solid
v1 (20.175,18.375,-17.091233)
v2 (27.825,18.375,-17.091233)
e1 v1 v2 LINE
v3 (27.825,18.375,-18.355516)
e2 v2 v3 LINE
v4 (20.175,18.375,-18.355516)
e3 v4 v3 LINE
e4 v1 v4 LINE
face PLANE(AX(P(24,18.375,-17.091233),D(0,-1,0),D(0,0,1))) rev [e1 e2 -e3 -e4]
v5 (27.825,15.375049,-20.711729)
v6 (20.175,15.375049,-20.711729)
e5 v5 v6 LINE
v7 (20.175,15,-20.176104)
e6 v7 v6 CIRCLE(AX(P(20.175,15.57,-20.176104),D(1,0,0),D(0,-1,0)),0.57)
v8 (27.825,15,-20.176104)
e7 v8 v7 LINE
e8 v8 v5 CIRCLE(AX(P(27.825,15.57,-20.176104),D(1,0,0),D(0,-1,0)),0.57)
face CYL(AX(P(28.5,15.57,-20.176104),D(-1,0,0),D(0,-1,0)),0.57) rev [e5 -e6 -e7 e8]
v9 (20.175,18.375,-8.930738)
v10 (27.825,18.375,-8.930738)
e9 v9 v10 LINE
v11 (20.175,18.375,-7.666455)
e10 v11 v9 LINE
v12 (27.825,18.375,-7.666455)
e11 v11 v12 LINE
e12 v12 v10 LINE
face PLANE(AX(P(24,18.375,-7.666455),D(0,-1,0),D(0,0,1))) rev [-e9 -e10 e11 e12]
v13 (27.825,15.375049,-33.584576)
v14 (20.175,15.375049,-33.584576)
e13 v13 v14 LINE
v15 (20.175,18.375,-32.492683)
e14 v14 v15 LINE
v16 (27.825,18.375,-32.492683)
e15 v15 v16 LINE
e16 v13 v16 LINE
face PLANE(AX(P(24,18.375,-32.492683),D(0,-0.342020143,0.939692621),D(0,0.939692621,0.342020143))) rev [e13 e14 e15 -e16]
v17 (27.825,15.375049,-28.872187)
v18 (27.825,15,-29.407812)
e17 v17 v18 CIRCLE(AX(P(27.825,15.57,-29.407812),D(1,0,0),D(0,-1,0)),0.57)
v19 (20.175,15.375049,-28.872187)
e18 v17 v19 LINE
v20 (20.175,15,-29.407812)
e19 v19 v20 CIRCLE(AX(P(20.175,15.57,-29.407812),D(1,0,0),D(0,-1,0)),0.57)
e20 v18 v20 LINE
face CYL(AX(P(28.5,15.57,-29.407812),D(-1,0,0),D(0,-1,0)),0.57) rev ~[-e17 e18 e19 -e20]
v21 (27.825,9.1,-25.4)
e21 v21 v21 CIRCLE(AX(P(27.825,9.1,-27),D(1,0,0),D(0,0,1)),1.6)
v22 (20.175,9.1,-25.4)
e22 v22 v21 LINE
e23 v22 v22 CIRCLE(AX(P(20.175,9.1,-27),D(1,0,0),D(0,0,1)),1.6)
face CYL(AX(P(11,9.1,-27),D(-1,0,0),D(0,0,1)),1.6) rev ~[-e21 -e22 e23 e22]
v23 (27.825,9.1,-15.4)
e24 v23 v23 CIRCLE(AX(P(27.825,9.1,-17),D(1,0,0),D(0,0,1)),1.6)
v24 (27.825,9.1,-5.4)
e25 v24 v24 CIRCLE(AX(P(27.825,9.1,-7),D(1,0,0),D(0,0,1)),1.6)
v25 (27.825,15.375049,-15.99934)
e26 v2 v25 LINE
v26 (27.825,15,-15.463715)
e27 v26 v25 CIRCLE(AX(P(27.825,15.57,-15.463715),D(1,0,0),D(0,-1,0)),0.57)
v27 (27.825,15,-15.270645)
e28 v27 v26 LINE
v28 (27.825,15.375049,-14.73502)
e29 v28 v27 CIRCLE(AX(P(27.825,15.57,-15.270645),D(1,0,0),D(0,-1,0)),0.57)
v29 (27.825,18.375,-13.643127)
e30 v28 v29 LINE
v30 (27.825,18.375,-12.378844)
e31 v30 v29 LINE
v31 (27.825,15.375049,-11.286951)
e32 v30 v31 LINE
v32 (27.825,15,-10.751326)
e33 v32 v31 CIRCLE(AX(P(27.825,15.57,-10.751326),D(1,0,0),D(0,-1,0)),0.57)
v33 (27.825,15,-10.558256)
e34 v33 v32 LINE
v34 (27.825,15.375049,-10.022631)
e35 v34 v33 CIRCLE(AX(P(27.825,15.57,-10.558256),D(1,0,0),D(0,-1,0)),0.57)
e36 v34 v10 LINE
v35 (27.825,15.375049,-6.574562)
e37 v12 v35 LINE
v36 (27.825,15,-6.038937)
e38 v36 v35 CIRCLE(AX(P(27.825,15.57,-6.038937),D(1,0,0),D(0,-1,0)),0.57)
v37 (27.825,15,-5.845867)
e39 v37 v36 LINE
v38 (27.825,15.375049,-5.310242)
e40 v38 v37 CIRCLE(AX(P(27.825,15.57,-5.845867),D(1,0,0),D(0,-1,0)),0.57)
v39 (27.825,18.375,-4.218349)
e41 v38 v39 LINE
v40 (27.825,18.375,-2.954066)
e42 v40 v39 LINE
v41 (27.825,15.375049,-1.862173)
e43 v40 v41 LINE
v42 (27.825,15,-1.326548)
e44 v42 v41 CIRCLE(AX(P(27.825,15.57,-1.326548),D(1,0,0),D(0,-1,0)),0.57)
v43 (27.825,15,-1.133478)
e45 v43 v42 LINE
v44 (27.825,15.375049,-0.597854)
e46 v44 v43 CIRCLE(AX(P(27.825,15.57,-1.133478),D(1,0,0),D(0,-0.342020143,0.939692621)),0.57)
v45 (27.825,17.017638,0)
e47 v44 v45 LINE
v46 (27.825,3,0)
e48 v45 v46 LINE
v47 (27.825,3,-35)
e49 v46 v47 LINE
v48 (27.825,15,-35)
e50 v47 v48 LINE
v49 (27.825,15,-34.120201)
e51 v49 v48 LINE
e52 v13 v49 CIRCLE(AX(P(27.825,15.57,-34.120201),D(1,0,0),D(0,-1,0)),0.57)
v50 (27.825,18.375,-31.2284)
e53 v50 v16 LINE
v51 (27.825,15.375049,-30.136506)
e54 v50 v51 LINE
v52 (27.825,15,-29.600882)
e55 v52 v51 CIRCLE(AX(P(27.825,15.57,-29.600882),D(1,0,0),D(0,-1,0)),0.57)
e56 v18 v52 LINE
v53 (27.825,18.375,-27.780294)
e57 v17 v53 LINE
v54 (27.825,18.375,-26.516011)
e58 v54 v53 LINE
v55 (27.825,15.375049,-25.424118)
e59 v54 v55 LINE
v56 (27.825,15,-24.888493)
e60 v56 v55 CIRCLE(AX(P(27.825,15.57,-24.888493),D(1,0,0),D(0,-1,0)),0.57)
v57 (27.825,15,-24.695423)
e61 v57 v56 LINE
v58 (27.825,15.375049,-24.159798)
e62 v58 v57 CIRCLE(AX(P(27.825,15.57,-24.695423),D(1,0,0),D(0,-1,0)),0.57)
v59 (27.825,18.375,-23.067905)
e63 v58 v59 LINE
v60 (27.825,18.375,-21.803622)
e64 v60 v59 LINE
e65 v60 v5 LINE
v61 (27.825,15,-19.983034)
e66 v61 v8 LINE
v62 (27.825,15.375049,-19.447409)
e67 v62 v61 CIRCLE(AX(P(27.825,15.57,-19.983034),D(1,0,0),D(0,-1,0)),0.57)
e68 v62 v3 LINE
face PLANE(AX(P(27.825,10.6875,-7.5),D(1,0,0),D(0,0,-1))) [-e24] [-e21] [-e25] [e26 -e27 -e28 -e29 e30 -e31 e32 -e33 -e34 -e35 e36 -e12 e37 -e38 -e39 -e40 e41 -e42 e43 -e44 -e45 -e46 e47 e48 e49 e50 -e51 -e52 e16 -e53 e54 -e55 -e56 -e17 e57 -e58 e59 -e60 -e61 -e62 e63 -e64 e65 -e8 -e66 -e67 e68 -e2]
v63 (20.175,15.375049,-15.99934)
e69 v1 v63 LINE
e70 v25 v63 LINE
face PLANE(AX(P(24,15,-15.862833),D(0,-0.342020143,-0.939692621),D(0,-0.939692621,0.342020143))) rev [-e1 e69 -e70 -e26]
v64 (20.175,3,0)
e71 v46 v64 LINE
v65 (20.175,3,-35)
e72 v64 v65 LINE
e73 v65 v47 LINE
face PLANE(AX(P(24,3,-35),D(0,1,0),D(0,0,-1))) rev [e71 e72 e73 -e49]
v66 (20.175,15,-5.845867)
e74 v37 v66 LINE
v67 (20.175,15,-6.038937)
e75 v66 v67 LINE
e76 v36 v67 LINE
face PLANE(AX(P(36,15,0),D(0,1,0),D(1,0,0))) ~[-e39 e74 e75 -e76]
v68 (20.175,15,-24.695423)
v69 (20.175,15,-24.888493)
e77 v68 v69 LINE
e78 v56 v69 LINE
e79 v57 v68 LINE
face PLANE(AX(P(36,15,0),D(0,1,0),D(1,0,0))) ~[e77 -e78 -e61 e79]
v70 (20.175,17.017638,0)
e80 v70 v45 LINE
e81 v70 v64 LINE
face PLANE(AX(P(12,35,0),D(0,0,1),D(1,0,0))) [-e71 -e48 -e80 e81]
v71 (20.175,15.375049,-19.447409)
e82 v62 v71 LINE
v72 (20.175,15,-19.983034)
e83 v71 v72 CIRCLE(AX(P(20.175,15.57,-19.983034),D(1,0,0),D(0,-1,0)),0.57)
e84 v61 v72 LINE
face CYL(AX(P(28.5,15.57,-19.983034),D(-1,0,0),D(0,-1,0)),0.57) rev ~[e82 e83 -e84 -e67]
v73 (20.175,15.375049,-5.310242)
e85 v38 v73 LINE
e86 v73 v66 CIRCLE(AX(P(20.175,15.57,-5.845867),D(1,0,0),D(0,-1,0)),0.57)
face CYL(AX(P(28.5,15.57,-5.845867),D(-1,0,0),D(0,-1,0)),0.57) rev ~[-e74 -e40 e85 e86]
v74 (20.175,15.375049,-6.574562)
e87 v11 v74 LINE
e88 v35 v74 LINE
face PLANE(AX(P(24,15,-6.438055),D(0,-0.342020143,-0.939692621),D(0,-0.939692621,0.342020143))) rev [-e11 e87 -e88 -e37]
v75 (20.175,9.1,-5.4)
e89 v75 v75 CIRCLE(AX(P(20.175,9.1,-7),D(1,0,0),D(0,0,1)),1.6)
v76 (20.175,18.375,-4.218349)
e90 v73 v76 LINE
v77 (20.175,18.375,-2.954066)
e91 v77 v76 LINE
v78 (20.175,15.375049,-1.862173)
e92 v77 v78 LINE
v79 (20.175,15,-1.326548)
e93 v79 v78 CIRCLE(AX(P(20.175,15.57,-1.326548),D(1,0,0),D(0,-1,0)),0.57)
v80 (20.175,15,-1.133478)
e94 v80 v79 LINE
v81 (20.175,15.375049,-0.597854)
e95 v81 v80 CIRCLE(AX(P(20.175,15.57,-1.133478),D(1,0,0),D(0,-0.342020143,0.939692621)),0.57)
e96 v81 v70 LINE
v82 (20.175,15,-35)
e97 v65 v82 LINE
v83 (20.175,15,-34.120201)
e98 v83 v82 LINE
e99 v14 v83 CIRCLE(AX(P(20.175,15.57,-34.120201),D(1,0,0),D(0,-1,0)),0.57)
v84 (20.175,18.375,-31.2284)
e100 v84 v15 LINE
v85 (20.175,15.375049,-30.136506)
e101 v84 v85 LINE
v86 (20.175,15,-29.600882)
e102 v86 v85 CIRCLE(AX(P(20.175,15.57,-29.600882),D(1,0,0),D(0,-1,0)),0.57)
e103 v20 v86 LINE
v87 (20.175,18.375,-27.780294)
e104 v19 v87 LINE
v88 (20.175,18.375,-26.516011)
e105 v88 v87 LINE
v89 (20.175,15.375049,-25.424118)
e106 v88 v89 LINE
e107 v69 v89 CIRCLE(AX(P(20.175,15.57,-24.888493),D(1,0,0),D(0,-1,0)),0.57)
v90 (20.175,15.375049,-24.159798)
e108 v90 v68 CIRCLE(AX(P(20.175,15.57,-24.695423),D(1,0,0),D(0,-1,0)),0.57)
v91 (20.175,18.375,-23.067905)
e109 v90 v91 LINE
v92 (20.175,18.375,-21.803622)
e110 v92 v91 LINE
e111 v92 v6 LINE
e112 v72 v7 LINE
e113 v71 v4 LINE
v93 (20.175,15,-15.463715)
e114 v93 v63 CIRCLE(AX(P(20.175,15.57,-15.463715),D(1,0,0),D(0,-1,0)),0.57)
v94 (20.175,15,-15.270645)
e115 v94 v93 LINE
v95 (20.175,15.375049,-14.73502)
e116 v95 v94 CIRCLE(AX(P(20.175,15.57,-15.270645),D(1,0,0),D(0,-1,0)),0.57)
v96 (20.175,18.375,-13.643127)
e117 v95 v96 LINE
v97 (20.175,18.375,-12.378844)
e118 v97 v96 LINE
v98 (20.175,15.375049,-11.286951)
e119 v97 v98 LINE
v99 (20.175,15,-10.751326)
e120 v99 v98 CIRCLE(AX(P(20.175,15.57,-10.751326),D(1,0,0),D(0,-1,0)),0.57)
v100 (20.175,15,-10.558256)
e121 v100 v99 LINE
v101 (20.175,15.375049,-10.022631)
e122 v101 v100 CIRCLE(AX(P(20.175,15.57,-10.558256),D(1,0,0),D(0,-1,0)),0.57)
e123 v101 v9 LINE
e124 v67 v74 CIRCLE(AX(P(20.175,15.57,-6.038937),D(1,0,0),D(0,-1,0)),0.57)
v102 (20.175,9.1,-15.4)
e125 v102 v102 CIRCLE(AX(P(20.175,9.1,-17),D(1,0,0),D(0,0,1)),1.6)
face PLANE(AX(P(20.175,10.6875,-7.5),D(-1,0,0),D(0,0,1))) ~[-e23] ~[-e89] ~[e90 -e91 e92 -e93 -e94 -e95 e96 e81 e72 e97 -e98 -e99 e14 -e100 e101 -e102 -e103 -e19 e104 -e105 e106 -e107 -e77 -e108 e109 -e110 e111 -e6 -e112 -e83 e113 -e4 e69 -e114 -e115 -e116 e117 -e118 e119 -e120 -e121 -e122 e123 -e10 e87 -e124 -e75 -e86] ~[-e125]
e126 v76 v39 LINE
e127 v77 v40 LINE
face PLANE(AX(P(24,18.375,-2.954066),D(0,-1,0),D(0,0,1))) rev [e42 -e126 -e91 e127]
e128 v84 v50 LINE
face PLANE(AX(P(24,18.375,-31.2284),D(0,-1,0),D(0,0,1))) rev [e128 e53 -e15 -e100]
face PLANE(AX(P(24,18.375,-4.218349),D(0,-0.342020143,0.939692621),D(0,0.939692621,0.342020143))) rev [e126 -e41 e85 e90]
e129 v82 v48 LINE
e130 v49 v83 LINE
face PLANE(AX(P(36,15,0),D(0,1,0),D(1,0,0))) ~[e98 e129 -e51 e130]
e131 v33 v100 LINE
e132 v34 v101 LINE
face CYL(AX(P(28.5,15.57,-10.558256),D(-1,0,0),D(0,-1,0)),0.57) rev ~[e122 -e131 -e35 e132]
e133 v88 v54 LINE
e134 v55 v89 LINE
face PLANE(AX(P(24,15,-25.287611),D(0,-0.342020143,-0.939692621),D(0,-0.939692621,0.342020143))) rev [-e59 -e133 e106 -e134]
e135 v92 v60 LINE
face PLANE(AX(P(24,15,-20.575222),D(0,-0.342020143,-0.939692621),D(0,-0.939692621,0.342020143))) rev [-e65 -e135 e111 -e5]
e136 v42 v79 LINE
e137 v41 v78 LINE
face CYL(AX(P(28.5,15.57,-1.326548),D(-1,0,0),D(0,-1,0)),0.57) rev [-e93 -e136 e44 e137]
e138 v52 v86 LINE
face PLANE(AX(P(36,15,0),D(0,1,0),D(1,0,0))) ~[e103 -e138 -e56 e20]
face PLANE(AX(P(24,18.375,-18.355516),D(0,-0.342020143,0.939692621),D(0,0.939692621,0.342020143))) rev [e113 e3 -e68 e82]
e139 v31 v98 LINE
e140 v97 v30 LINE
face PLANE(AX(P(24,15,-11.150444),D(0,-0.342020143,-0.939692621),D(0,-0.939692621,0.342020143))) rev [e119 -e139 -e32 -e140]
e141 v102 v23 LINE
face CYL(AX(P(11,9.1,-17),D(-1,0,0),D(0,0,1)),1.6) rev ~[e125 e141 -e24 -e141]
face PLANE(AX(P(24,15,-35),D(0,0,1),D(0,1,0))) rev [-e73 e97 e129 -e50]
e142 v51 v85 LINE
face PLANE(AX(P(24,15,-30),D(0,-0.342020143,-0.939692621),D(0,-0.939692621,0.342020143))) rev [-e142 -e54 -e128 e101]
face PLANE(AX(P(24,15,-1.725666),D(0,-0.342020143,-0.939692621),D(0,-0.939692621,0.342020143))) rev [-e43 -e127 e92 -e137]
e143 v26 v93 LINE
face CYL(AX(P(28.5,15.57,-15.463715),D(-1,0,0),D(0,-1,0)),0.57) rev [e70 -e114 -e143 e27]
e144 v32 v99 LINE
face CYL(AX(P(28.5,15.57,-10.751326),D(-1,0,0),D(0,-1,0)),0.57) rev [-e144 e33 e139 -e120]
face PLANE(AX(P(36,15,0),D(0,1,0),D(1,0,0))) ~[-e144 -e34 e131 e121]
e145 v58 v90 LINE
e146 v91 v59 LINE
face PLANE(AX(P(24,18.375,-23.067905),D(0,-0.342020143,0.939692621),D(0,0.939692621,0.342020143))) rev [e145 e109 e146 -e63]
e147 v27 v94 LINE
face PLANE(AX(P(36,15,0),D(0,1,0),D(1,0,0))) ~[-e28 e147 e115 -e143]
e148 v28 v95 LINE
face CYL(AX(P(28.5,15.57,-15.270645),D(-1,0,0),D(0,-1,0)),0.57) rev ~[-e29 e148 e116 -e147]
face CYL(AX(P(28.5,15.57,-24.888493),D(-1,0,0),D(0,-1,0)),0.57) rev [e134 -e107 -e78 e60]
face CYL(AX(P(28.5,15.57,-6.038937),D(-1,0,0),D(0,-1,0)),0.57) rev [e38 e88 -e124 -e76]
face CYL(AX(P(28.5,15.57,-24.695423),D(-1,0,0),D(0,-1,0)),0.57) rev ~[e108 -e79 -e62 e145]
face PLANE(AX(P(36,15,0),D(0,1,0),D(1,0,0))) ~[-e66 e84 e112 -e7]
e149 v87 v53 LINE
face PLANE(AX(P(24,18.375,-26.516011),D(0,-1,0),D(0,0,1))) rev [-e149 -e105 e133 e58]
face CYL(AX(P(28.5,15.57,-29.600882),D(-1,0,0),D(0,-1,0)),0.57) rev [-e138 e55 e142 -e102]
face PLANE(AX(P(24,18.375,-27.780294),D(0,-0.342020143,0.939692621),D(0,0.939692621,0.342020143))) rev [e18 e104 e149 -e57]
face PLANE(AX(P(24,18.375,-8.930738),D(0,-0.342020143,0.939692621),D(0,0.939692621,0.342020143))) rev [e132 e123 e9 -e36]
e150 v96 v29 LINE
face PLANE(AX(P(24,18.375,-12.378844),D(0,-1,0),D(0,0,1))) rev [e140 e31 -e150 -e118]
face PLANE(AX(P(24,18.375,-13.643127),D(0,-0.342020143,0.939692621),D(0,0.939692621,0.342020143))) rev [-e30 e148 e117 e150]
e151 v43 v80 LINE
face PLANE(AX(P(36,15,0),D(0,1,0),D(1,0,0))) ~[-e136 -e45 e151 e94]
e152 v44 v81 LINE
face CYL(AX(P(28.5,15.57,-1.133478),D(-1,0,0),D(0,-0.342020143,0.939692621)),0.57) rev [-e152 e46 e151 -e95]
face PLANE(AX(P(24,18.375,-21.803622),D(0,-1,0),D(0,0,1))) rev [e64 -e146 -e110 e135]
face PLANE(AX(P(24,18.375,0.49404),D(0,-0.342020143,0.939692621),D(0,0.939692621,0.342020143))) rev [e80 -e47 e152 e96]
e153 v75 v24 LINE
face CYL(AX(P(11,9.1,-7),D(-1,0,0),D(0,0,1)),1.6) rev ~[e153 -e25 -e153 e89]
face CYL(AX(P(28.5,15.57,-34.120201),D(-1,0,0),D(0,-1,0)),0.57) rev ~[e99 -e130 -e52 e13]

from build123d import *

# Parameters (mm, degrees)
ESQUISSE1_W                 = 24
ESQUISSE1_H                 = 30
MAIN_EXTRUSION_DEPTH        = 30
MAIN_RIDING_HOLE_DEPTH      = 31
ESQUISSE4_R                 = 2.25
TRACTORHOLE_DEPTH           = 8
IMPACTPIECE_DEPTH           = 4.5
CONG_1_R                    = 3
TEETH_DEPTH                 = 4.5
CONG_3_R                    = 0.57
TEETHREPETITION_COUNT       = 8
TEETHREPETITION_PITCH       = 4.71238898
CONG_3_OF_TEETHREPETITION_R = 0.57
ESQUISSE9_W                 = 55
ESQUISSE9_H                 = 15.375
BRACKET_DEPTH               = 0.675
BRACKETHOLE_START           = -8.5
ESQUISSE10_R                = 1.6
BRACKETHOLE_DEPTH           = 26
BRACKETHOLEREPETITION_COUNT = 5
BRACKETHOLEREPETITION_PITCH = 10
ESQUISSE11_W                = 7.5
ESQUISSE11_H                = 5.5
ESQUISSE11_H_2              = 7.6
RAILHOLE_DEPTH              = 20
TOPIMPACTCUT_DEPTH          = 17.5
ESQUISSE13_W                = 24
ESQUISSE13_H                = 50
MAKERBEAMMAINHOLE_DEPTH     = 81
SKETCH1_W                   = 24
SKETCH1_H                   = 45
KEEPONLYTRACTOR1_DEPTH      = 51


with BuildPart() as part:
    # Esquisse1 → Main Extrusion (new body)
    with BuildSketch(Plane.XY):
        Rectangle(ESQUISSE1_W, ESQUISSE1_H)
    extrude(amount=MAIN_EXTRUSION_DEPTH)

    # Esquisse3 → Main Riding Hole (cut, through all)
    with BuildSketch(Plane(origin=(0, 0, 0), x_dir=(-1, 0, 0), z_dir=(0, 0, -1))):
        Polygon((-5.2, -1.6), (-5.2, -5.4), (-4.2, -5.4), (-4.2, -8.2), (-5.2, -8.2), (-5.2, -12), (-1.4, -12), (-1.4, -11), (1.4, -11), (1.4, -12), (5.2, -12), (5.2, -8.2), (4.2, -8.2), (4.2, -5.4), (5.2, -5.4), (5.2, -1.6), (1.4, -1.6), (1.4, -2.6), (-1.4, -2.6), (-1.4, -1.6), align=None)
    extrude(amount=-MAIN_RIDING_HOLE_DEPTH, mode=Mode.SUBTRACT)

    # Esquisse4 → TractorHole (cut)
    with BuildSketch(Plane.ZY.offset(12)):
        with Locations((5, -6.8)):
            Circle(ESQUISSE4_R)
    tractorhole = extrude(amount=-TRACTORHOLE_DEPTH, mode=Mode.SUBTRACT)

    # TractorHoleSymetry: TractorHole across plane
    add(tractorhole.mirror(Plane(origin=(0, 0, 0), x_dir=(0, 0, 1), z_dir=(1, 0, 0))), mode=Mode.SUBTRACT)

    # Esquisse5 → ImpactPiece (add, symmetric)
    with BuildSketch(Plane(origin=(0, 0, 0), x_dir=(0, 0, -1), z_dir=(1, 0, 0))):
        Polygon((-45, 5), (-45, 35), (-25, 35), (-21.473460386, 15), (35, 15), (35, 3), (0, 3), (0, 5), align=None)
    extrude(amount=IMPACTPIECE_DEPTH, both=True)

    # Congé1
    cong_1_edges = [part.edges().sort_by_distance(p)[0] for p in [
        (4.5, 15, 25.736730193),
        (-4.5, 15, 25.736730193),
    ]]
    fillet(cong_1_edges, radius=CONG_1_R)

    # Esquisse8 → Teeth (add, symmetric)
    with BuildSketch(Plane(origin=(0, 0, 0), x_dir=(0, 0, -1), z_dir=(1, 0, 0))):
        Polygon((30, 15), (31.228399541, 18.375), (32.492683328, 18.375), (33.721082869, 15), align=None)
    teeth = extrude(amount=TEETH_DEPTH, both=True)

    # Congé3
    cong_3_edges = [part.edges().sort_by_distance(p)[0] for p in [
        (0, 15, -30),
        (0, 15, -33.721082869),
    ]]
    fillet(cong_3_edges, radius=CONG_3_R)

    # TeethRepetition: Teeth ×8
    with Locations(*[(0, 0, i * TEETHREPETITION_PITCH) for i in range(1, TEETHREPETITION_COUNT)]):
        add(teeth)

    # Congé3 of TeethRepetition
    cong_3_of_teethrepetition_edges = [part.edges().sort_by_distance(p)[0] for p in [
        (0, 15, -25.28761102),
        (0, 15, -29.008693889),
        (0, 15, -20.57522204),
        (0, 15, -24.296304909),
        (0, 15, -15.86283306),
        (0, 15, -19.583915929),
        (0, 15, -11.15044408),
        (0, 15, -14.871526949),
        (0, 15, -6.4380551),
        (0, 15, -10.159137969),
        (0, 15, -1.72566612),
        (0, 15, -5.446748989),
        (0, 15, 2.98672286),
        (0, 15, -0.734360009),
    ]]
    fillet(cong_3_of_teethrepetition_edges, radius=CONG_3_OF_TEETHREPETITION_R)

    # Esquisse9 → Bracket (cut, symmetric)
    with BuildSketch(Plane(origin=(4.5, 0, 0), x_dir=(0, 0, -1), z_dir=(1, 0, 0))):
        with Locations((7.5, 10.6875)):
            Rectangle(ESQUISSE9_W, ESQUISSE9_H)
    bracket = extrude(amount=BRACKET_DEPTH, both=True, mode=Mode.SUBTRACT)

    # Esquisse10 → BracketHole (cut)
    with BuildSketch(Plane.ZY.offset(-4.5).offset(BRACKETHOLE_START)):
        with Locations((-27, 9.1)):
            Circle(ESQUISSE10_R)
    brackethole = extrude(amount=BRACKETHOLE_DEPTH, mode=Mode.SUBTRACT)

    # BracketHoleRepetition: BracketHole ×5
    with Locations(*[(0, 0, i * BRACKETHOLEREPETITION_PITCH) for i in range(1, BRACKETHOLEREPETITION_COUNT)]):
        add(brackethole, mode=Mode.SUBTRACT)

    # Symétrie1: Bracket across plane
    add(bracket.mirror(Plane(origin=(0, 0, 0), x_dir=(0, 0, 1), z_dir=(1, 0, 0))), mode=Mode.SUBTRACT)

    # Esquisse11 → RailHole (cut)
    with BuildSketch(Plane(origin=(0, 0, 0), x_dir=(-1, 0, 0), z_dir=(0, 0, -1))):
        with Locations((8.25, 3.15)):
            Rectangle(ESQUISSE11_W, ESQUISSE11_H)
        with Locations((8.25, 16.2)):
            Rectangle(ESQUISSE11_W, ESQUISSE11_H_2)
    extrude(amount=-RAILHOLE_DEPTH, mode=Mode.SUBTRACT)

    # Esquisse12 → TopImpactCut (cut, through all)
    with BuildSketch(Plane(origin=(4.5, 0, 0), x_dir=(0, 0, -1), z_dir=(1, 0, 0))):
        Polygon((-45, 30), (-40, 35), (-45, 35), align=None)
    extrude(amount=-TOPIMPACTCUT_DEPTH, mode=Mode.SUBTRACT)


with BuildPart() as body_2:
    # Symétrie2: mirrored copy
    add(part.part.mirror(Plane(origin=(12, 15, 30), x_dir=(0, 0, 1), z_dir=(-1, 0, 0))))

    # Sketch1 → KeepOnlyTractor1 (cut, through all)
    with BuildSketch(Plane(origin=(0, 35, 0), x_dir=(1, 0, 0), z_dir=(0, 1, 0))):
        with Locations((24, -22.5)):
            Rectangle(SKETCH1_W, SKETCH1_H)
    extrude(amount=-KEEPONLYTRACTOR1_DEPTH, mode=Mode.SUBTRACT)


with BuildPart() as part_1:
    add(part.part)

    # Esquisse13 → MakerBeamMainHole (cut, through all)
    with BuildSketch(Plane(origin=(0, 0, -35), x_dir=(-1, 0, 0), z_dir=(0, 0, -1))):
        with Locations((0, 10)):
            Rectangle(ESQUISSE13_W, ESQUISSE13_H)
    extrude(amount=-MAKERBEAMMAINHOLE_DEPTH, mode=Mode.SUBTRACT)


solid = body_2.part
